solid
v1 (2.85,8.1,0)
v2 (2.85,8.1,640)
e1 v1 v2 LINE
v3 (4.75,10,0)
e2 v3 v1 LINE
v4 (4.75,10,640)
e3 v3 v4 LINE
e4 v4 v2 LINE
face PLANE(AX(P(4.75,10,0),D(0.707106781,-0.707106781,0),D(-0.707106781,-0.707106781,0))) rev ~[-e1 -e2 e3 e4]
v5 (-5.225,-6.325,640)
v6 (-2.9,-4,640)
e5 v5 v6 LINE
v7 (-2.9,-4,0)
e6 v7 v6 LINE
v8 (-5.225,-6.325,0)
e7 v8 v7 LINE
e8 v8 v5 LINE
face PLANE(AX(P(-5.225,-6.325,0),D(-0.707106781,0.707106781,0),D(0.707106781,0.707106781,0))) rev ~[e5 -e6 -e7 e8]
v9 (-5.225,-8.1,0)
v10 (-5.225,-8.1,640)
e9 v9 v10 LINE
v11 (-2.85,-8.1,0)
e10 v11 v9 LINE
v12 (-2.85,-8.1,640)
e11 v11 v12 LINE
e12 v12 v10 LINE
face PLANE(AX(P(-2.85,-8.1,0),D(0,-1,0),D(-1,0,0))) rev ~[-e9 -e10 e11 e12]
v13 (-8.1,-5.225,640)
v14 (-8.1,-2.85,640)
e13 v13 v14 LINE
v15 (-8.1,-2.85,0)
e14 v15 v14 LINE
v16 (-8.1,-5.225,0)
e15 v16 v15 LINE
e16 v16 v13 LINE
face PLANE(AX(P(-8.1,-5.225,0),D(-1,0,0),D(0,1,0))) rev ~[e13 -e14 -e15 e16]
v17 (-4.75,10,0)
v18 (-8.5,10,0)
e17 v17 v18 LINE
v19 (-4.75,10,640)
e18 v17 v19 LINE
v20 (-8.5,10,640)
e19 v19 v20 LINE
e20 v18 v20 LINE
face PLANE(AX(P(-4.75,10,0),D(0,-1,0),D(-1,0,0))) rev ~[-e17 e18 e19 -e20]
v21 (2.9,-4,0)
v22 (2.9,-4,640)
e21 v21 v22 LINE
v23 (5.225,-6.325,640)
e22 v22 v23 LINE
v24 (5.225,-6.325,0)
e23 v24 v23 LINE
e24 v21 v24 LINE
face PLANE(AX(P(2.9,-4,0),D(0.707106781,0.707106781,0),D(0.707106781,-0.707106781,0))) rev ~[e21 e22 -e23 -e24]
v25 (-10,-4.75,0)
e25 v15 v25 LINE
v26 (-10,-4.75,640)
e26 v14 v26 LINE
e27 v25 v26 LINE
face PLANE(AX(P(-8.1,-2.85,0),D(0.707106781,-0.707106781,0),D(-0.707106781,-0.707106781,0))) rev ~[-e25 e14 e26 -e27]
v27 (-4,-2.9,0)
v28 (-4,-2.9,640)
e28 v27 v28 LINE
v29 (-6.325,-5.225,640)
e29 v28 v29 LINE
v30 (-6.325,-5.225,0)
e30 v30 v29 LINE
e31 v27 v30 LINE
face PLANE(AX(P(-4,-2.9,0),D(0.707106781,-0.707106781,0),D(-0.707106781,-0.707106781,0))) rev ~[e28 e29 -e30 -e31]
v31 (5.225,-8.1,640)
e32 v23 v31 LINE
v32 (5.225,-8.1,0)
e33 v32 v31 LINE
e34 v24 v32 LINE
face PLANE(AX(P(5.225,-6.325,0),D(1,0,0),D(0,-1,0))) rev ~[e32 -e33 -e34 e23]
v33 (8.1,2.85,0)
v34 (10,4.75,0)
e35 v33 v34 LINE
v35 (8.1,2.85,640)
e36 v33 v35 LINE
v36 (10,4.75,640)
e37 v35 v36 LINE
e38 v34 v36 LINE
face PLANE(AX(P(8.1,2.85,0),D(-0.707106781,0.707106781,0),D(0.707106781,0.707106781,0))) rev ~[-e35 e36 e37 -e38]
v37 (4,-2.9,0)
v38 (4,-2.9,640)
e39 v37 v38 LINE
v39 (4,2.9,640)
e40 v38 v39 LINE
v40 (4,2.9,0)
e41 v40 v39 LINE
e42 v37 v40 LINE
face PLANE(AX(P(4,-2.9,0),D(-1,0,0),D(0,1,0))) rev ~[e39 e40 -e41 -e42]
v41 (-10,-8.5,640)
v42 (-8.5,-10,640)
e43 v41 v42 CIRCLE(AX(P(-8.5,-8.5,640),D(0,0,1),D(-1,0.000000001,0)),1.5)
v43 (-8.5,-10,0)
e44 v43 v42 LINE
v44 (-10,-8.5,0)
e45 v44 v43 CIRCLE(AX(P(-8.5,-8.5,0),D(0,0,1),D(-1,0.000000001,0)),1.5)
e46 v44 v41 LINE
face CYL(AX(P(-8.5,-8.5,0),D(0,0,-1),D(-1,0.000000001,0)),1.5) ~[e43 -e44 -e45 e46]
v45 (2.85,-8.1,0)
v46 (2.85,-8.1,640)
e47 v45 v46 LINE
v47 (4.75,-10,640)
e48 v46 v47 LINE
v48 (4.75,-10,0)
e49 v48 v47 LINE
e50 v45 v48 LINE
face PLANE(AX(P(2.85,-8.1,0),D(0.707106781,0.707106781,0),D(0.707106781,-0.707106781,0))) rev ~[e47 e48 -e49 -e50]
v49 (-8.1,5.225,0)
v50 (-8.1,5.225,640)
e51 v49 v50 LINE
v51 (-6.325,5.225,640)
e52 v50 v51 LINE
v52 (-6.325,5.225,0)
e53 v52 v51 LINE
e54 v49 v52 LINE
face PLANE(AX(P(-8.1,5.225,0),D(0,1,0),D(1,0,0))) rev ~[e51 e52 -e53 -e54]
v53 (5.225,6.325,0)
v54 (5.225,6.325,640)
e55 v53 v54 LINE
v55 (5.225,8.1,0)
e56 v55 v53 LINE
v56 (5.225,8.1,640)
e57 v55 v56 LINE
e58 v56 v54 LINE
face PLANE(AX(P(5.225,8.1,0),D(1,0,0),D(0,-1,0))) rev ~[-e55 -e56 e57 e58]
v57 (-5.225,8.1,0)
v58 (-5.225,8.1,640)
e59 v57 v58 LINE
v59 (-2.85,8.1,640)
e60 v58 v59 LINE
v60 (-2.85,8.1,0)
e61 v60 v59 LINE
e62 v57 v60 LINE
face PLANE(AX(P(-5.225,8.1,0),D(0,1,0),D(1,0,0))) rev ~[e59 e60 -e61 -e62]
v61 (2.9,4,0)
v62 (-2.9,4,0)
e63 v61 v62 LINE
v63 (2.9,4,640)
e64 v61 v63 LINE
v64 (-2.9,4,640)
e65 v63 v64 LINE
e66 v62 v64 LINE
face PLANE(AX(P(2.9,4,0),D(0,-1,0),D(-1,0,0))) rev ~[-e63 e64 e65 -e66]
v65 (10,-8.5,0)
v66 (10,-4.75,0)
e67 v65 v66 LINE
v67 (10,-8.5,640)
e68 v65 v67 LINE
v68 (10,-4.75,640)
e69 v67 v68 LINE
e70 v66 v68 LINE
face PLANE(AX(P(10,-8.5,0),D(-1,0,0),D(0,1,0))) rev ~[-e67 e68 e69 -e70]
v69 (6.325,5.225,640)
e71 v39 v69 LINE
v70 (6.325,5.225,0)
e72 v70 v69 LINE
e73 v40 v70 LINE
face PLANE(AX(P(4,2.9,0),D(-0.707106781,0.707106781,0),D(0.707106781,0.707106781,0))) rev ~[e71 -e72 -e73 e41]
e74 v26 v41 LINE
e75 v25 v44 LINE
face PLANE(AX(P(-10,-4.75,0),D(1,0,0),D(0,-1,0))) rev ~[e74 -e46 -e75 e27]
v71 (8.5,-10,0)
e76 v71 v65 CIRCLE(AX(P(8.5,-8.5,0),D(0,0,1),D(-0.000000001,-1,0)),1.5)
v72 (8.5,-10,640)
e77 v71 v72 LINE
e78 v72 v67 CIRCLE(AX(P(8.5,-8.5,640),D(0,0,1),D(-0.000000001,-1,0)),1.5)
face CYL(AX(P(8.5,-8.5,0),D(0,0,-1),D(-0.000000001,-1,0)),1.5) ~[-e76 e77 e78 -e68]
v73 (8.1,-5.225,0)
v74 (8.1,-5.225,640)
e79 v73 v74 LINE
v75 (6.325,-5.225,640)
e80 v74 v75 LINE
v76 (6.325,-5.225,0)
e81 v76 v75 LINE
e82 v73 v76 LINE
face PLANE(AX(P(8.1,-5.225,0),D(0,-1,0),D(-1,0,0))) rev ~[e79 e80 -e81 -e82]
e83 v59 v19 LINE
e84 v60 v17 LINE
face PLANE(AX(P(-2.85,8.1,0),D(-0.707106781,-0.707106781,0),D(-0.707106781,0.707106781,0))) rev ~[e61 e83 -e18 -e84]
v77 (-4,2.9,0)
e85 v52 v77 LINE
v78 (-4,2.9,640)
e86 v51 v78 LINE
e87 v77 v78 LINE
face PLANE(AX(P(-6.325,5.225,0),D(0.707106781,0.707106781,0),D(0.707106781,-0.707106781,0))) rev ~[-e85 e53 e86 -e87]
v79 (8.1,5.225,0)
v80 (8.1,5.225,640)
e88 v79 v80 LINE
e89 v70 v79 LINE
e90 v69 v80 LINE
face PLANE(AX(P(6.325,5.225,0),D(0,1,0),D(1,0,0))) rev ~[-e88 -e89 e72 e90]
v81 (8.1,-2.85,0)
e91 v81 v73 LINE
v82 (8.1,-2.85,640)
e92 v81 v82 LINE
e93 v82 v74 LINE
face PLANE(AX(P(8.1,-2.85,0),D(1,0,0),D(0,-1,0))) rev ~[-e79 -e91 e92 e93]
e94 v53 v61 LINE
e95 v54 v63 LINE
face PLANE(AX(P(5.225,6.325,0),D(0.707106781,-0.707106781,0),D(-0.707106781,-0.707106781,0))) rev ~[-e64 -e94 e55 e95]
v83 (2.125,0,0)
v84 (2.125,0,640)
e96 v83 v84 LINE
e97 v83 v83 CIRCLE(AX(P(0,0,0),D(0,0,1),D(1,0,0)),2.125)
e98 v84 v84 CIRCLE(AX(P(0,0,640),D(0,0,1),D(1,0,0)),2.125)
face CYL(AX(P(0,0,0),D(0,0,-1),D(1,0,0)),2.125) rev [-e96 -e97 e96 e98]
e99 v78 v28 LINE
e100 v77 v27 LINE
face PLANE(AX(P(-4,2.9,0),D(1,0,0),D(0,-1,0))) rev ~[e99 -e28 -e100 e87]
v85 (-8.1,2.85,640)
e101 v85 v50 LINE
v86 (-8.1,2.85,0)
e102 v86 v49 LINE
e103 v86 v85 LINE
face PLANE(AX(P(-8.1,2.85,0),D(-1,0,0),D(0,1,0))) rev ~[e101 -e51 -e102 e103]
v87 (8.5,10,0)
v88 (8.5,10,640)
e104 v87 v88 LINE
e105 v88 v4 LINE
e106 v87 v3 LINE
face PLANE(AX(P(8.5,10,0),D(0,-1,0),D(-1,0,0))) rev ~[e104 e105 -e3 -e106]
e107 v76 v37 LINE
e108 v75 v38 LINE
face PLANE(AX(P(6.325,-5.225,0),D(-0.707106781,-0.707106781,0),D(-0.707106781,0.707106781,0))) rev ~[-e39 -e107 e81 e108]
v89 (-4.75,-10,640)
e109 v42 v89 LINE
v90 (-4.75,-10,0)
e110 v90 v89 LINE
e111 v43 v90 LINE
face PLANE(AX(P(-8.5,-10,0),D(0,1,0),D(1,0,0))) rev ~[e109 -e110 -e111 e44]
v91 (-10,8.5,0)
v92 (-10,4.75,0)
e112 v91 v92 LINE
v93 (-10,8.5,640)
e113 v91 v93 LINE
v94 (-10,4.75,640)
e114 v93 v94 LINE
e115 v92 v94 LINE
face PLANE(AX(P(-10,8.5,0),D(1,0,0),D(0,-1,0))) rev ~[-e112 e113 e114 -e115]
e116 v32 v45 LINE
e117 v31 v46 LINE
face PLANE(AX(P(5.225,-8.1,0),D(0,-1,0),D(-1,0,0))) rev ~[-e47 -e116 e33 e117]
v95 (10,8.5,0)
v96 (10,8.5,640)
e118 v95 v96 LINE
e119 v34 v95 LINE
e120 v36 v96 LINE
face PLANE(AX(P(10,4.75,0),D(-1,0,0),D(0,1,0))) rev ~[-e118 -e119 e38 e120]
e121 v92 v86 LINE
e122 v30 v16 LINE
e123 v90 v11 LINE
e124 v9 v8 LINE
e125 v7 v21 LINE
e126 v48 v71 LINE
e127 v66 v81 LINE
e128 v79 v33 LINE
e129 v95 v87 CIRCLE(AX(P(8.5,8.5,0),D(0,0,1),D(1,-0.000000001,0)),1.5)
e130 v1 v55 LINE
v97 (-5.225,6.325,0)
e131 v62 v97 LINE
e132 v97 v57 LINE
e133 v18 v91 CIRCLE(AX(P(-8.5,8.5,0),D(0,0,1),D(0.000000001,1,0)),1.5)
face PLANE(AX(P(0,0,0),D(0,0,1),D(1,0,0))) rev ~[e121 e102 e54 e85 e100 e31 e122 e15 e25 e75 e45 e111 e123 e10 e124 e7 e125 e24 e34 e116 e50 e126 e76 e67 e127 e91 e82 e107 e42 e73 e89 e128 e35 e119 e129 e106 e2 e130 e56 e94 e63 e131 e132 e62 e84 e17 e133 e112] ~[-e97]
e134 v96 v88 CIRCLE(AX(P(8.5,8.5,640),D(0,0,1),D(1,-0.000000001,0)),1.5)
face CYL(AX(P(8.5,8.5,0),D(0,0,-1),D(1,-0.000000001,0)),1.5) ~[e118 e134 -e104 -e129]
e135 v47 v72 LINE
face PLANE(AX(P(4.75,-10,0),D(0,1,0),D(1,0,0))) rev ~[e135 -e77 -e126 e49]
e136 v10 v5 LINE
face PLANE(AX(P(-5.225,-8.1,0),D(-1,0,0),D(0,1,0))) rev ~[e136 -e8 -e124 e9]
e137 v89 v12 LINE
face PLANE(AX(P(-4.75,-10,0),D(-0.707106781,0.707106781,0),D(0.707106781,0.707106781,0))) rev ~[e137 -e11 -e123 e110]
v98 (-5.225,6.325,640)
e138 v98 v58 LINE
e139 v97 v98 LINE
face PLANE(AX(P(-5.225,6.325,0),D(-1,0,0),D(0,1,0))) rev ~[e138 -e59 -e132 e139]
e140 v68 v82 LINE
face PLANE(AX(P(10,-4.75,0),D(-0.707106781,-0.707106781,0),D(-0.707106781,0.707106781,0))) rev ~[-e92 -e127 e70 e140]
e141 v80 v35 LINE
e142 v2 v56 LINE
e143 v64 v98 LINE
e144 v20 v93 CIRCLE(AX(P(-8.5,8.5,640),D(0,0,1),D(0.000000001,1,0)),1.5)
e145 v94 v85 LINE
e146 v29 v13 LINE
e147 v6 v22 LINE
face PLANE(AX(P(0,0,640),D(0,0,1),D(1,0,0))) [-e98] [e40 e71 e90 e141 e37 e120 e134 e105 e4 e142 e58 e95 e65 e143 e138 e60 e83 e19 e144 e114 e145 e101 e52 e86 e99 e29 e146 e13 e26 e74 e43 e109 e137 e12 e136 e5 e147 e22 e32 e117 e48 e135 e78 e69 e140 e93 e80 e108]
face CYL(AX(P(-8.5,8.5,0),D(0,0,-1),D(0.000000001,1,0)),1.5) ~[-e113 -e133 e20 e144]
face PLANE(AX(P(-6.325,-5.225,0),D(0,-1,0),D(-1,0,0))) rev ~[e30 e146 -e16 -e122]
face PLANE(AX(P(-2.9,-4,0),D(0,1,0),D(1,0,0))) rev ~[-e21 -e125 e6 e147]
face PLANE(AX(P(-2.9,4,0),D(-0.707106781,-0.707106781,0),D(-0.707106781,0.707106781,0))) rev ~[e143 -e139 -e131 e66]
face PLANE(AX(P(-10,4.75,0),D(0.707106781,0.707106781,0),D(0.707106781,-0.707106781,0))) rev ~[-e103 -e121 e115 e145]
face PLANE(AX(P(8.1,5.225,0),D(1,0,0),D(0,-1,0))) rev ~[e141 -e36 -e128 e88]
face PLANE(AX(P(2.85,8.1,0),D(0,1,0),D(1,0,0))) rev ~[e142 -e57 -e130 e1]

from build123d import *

# Parameters (mm, degrees)
SKETCH1_R           = 2.125
BOSS_EXTRUDE1_DEPTH = 640


with BuildPart() as part:
    # Sketch1 → Boss-Extrude1 (new body)
    with BuildSketch(Plane.XY):
        with BuildLine():
            Line((8.1, 5.225), (8.1, 2.85))
            Line((8.1, 2.85), (10, 4.75))
            Line((10, 4.75), (10, 8.5))
            ThreePointArc((10, 8.5), (9.560660172, 9.560660172), (8.5, 10))
            Line((8.5, 10), (4.75, 10))
            Line((4.75, 10), (2.85, 8.1))
            Line((2.85, 8.1), (5.225, 8.1))
            Line((5.225, 8.1), (5.225, 6.325))
            Line((5.225, 6.325), (2.9, 4))
            Line((2.9, 4), (-2.9, 4))
            Line((-2.9, 4), (-5.225, 6.325))
            Line((-5.225, 6.325), (-5.225, 8.1))
            Line((-5.225, 8.1), (-2.85, 8.1))
            Line((-2.85, 8.1), (-4.75, 10))
            Line((-4.75, 10), (-8.5, 10))
            ThreePointArc((-8.5, 10), (-9.560660172, 9.560660172), (-10, 8.5))
            Line((-10, 8.5), (-10, 4.75))
            Line((-10, 4.75), (-8.1, 2.85))
            Line((-8.1, 2.85), (-8.1, 5.225))
            Line((-8.1, 5.225), (-6.325, 5.225))
            Line((-6.325, 5.225), (-4, 2.9))
            Line((-4, 2.9), (-4, -2.9))
            Line((-4, -2.9), (-6.325, -5.225))
            Line((-6.325, -5.225), (-8.1, -5.225))
            Line((-8.1, -5.225), (-8.1, -2.85))
            Line((-8.1, -2.85), (-10, -4.75))
            Line((-10, -4.75), (-10, -8.5))
            ThreePointArc((-10, -8.5), (-9.560660172, -9.560660172), (-8.5, -10))
            Line((-8.5, -10), (-4.75, -10))
            Line((-4.75, -10), (-2.85, -8.1))
            Line((-2.85, -8.1), (-5.225, -8.1))
            Line((-5.225, -8.1), (-5.225, -6.325))
            Line((-5.225, -6.325), (-2.9, -4))
            Line((-2.9, -4), (2.9, -4))
            Line((2.9, -4), (5.225, -6.325))
            Line((5.225, -6.325), (5.225, -8.1))
            Line((5.225, -8.1), (2.85, -8.1))
            Line((2.85, -8.1), (4.75, -10))
            Line((4.75, -10), (8.5, -10))
            ThreePointArc((8.5, -10), (9.560660172, -9.560660172), (10, -8.5))
            Line((10, -8.5), (10, -4.75))
            Line((10, -4.75), (8.1, -2.85))
            Line((8.1, -2.85), (8.1, -5.225))
            Line((8.1, -5.225), (6.325, -5.225))
            Line((6.325, -5.225), (4, -2.9))
            Line((4, -2.9), (4, 2.9))
            Line((4, 2.9), (6.325, 5.225))
            Line((6.325, 5.225), (8.1, 5.225))
        make_face()
        Circle(SKETCH1_R, mode=Mode.SUBTRACT)
    extrude(amount=BOSS_EXTRUDE1_DEPTH)


solid = part.part
